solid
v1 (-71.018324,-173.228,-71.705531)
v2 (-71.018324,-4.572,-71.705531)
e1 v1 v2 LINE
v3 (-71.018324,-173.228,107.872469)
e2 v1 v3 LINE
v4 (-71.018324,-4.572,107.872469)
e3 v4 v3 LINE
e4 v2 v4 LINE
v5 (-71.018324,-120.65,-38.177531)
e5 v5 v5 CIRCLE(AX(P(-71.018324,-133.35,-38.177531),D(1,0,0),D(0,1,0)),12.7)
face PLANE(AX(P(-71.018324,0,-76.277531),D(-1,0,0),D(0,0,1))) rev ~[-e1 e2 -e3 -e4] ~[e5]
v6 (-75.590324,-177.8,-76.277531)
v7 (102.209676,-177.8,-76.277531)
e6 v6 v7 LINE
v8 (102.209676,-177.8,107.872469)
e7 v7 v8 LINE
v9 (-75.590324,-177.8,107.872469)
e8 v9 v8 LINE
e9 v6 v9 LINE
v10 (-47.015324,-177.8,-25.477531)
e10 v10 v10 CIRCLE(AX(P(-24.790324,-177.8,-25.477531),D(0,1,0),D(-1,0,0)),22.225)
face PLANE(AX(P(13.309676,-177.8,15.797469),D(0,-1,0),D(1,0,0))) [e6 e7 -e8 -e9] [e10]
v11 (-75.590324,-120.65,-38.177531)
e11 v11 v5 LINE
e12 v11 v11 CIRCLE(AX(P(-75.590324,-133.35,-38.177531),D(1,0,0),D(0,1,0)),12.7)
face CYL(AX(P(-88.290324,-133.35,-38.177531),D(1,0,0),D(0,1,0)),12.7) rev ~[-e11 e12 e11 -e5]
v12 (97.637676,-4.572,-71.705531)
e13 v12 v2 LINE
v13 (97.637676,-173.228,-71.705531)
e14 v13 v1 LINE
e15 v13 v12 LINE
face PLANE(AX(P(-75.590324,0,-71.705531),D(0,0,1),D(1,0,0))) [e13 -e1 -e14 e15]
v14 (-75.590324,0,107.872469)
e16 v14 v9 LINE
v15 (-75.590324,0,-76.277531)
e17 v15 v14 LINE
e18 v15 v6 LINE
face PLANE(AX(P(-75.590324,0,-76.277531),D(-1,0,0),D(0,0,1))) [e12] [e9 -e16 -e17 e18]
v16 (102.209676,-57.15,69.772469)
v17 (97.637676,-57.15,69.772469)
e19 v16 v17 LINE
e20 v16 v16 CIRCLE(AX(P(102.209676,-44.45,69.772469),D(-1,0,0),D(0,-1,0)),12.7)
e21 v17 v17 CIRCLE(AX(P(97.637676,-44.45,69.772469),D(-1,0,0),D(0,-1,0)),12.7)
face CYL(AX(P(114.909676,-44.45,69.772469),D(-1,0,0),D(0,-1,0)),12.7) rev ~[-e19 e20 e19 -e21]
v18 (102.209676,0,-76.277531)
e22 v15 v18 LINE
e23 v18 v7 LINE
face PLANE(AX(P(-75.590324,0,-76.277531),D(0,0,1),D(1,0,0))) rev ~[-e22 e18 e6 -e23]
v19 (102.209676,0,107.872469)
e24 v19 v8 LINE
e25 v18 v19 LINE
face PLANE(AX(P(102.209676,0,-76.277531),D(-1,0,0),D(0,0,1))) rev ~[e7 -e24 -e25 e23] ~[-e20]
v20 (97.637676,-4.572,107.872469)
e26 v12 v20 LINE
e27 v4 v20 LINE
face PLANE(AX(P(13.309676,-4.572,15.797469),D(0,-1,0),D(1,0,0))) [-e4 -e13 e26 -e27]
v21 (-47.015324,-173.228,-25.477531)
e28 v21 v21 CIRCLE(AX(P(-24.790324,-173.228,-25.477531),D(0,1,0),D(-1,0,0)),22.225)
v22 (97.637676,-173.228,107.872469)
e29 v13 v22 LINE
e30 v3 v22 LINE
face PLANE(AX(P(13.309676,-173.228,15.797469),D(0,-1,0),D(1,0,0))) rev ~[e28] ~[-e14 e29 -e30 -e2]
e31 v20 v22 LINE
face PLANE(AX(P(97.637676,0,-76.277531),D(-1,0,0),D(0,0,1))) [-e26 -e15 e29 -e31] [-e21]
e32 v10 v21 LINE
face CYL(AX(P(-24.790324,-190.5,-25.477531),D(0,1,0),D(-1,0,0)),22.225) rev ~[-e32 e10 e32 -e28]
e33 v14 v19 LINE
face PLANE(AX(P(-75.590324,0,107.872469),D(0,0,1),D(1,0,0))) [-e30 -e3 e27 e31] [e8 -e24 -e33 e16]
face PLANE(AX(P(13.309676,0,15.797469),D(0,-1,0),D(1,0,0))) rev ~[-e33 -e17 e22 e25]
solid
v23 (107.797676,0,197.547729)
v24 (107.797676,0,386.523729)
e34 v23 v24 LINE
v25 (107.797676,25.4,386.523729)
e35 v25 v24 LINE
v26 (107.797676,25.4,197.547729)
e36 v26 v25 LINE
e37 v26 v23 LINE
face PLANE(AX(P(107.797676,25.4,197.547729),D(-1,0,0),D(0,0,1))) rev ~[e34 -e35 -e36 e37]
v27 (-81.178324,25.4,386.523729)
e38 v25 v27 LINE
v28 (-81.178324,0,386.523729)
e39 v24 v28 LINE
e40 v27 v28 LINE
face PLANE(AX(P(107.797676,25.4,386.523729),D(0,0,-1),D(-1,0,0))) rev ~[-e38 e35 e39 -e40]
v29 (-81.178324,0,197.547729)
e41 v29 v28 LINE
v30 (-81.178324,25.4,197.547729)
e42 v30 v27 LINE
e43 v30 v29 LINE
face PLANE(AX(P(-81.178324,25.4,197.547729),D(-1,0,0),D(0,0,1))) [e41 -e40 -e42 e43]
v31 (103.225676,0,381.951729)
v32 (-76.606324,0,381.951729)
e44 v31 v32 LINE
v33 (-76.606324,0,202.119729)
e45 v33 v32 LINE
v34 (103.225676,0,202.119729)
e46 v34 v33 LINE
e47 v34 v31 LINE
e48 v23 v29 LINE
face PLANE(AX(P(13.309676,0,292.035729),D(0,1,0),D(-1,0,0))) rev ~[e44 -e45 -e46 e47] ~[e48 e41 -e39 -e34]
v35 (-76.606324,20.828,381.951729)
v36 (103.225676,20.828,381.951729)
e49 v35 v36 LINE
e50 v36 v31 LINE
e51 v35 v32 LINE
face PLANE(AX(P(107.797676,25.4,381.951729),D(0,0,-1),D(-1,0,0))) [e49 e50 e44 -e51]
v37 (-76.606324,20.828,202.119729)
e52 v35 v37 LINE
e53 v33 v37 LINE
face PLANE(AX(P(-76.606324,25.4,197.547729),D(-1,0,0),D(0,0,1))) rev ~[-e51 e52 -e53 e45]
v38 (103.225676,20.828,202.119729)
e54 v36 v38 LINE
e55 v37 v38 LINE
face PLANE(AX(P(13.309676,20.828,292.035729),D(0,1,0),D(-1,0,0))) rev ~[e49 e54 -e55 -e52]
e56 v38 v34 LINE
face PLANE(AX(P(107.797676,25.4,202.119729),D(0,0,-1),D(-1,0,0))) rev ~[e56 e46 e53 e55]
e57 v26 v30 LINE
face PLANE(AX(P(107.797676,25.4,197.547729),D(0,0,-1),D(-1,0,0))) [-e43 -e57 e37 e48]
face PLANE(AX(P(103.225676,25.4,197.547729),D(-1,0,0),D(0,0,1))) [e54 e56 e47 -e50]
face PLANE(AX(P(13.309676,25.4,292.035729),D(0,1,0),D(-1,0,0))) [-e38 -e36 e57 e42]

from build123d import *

# Parameters (mm, degrees)
F0_W      = 177.8
F0_H      = 184.15
F1_DEPTH  = 177.8
F2_T      = -4.572
F4_D      = 44.45
F4_DEPTH  = 12.7
F4_TIP    = 13.3541272579
F6_D      = 25.4
F6_DEPTH  = 12.7
F6_TIP    = 7.6309298617
F8_W      = 188.976
F8_H      = 188.976
F9_DEPTH  = 25.4
F10_T     = -4.572
F12_D     = 25.4
F12_DEPTH = 12.7
F12_TIP   = 7.6309298617


with BuildPart() as f1:
    # F0 (on Front) → F1 (new body)
    with BuildSketch(Plane.XZ):
        with Locations((13.3096763432, 15.7974687822)):
            Rectangle(F0_W, F0_H)
    extrude(amount=F1_DEPTH)

    # F2
    f2_openings = [f1.faces().sort_by_distance(p)[0] for p in [
        (13.309676, -88.9, 107.872469),
    ]]
    offset(amount=F2_T, openings=f2_openings)

    # F4
    with Locations(Plane.XZ.offset(177.8)):
        with Locations((-24.7903236568, -25.4775312178)):
            Hole(F4_D / 2, depth=F4_DEPTH)
            with Locations((0, 0, -(F4_DEPTH + F4_TIP / 2))):  # 118° drill point
                Cone(0, F4_D / 2, F4_TIP, mode=Mode.SUBTRACT)

    # F6
    with Locations(Plane.YZ.offset(102.2096763432)):
        with Locations((-44.45, 69.7724687822)):
            Hole(F6_D / 2, depth=F6_DEPTH)
            with Locations((0, 0, -(F6_DEPTH + F6_TIP / 2))):  # 118° drill point
                Cone(0, F6_D / 2, F6_TIP, mode=Mode.SUBTRACT)

    # F12
    with Locations(Plane(origin=(-75.5903236568, 0, 0), x_dir=(0, -1, 0), z_dir=(-1, 0, 0))):
        with Locations((133.35, -38.1775312178)):
            Hole(F12_D / 2, depth=F12_DEPTH)
            with Locations((0, 0, -(F12_DEPTH + F12_TIP / 2))):  # 118° drill point
                Cone(0, F12_D / 2, F12_TIP, mode=Mode.SUBTRACT)


with BuildPart() as f9:
    # F8 (on offset) → F9 (new body)
    with BuildSketch(Plane(origin=(0, 25.4, 0), x_dir=(-1, 0, 0), z_dir=(0, 1, 0))):
        with Locations((-13.3096763432, 292.035728693)):
            Rectangle(F8_W, F8_H)
    extrude(amount=-F9_DEPTH)

    # F10
    f10_openings = [f9.faces().sort_by_distance(p)[0] for p in [
        (13.309676, 0, 292.035729),
    ]]
    offset(amount=F10_T, openings=f10_openings)


solid = Compound([f1.part, f9.part])
